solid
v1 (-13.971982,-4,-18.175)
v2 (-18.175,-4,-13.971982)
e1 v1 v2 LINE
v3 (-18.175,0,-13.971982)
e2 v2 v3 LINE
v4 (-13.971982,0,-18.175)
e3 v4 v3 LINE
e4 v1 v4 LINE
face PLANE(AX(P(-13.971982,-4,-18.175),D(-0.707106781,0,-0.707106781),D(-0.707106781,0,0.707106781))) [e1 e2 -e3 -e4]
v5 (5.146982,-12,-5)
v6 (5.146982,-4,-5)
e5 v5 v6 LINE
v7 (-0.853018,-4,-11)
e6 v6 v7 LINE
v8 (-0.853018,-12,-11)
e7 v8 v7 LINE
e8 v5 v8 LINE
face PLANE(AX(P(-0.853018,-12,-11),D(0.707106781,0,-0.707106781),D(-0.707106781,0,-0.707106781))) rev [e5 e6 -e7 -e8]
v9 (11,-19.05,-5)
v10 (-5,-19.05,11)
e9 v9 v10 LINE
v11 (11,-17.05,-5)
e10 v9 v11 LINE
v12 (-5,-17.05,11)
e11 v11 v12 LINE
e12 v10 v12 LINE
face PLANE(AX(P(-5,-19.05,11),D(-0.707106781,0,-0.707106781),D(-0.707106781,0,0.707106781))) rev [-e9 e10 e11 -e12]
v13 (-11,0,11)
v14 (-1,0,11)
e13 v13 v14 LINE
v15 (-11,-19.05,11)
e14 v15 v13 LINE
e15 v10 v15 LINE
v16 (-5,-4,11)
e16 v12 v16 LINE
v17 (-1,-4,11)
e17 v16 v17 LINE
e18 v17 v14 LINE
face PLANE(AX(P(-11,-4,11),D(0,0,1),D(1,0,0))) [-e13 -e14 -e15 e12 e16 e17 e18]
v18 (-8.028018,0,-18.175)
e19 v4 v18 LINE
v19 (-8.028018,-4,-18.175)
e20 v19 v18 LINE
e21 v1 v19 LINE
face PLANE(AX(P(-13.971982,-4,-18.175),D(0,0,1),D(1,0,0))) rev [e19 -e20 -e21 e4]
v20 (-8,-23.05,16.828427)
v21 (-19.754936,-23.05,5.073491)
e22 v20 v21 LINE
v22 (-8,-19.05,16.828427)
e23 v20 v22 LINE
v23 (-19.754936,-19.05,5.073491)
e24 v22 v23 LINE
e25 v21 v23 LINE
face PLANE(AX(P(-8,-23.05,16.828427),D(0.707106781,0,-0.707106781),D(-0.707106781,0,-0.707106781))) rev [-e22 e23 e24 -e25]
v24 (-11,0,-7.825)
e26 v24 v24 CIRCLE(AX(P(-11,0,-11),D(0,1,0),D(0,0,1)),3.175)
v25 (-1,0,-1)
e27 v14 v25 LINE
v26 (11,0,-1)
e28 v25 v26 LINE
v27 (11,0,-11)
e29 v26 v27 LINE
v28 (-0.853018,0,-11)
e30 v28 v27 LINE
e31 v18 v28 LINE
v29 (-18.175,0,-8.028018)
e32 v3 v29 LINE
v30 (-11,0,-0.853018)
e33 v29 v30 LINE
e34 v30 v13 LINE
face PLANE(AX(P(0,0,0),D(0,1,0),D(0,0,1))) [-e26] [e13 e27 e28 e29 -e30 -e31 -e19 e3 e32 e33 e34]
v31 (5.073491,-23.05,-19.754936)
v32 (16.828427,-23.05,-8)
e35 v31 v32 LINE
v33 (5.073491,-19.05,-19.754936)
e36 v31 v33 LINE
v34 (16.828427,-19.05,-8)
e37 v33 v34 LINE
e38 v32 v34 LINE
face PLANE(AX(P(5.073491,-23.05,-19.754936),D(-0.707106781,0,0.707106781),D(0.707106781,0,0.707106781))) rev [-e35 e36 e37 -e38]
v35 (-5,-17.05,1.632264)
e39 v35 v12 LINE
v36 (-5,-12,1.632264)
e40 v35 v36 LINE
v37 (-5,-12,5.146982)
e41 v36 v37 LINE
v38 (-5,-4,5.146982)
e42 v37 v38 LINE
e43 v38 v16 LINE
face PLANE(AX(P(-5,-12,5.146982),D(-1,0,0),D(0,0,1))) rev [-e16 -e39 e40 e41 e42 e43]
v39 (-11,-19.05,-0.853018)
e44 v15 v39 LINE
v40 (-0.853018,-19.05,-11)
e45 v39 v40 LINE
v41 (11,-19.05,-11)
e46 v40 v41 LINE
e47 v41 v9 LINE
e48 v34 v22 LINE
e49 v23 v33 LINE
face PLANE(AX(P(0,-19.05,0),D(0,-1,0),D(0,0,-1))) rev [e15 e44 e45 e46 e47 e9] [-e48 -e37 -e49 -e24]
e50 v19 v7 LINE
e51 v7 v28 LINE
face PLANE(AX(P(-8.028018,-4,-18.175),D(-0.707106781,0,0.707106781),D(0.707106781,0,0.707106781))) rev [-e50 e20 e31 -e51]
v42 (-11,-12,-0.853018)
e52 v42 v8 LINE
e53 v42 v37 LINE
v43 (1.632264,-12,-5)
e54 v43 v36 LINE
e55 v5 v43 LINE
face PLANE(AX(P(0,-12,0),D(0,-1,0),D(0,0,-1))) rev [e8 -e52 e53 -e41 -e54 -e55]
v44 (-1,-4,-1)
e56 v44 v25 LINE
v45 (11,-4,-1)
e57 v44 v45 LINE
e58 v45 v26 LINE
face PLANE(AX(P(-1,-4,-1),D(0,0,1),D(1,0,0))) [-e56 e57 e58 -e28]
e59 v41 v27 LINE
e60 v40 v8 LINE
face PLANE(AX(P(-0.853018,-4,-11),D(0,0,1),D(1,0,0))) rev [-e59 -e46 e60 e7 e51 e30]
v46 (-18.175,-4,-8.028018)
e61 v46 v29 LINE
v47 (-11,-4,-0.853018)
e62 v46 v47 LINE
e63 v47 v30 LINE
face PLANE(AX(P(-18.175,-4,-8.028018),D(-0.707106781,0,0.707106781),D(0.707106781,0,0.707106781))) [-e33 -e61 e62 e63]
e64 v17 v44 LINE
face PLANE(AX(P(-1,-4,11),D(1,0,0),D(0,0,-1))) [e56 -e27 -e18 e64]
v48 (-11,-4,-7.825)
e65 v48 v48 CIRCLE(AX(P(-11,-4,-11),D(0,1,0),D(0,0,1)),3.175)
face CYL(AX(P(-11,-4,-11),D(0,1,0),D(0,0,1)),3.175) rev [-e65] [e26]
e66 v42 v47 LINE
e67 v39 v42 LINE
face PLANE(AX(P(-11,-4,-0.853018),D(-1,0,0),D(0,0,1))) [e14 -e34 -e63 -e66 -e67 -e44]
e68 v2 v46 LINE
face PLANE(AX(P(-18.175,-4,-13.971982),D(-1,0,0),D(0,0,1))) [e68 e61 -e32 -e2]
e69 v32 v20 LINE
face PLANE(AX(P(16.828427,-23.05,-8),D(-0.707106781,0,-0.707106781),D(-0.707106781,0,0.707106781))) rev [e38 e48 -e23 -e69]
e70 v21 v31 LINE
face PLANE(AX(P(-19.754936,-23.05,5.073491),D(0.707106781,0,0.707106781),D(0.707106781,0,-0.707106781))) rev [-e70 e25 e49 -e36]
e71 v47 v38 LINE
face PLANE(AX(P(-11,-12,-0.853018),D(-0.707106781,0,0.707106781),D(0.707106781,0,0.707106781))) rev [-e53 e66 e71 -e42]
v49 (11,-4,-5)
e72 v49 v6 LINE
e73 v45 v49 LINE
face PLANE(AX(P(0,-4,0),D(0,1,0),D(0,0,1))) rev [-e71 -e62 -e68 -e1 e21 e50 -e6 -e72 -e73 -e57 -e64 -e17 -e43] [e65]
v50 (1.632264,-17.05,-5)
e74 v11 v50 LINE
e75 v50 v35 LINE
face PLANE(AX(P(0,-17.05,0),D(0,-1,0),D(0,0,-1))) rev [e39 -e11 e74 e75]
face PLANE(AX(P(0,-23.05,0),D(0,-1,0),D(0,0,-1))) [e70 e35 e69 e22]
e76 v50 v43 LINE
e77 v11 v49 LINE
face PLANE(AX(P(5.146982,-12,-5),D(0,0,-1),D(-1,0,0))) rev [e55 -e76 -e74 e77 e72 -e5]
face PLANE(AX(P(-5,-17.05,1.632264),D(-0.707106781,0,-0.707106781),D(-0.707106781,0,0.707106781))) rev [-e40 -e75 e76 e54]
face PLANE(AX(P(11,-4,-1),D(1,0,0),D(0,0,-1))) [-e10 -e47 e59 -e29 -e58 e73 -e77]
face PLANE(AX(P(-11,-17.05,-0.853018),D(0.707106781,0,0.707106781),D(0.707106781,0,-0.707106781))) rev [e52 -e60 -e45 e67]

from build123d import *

# Parameters (mm, degrees)
SKETCH1_R           = 3.175
BOSS_EXTRUDE1_DEPTH = 4
BOSS_EXTRUDE2_DEPTH = 8
BOSS_EXTRUDE3_DEPTH = 5.05
BOSS_EXTRUDE4_DEPTH = 2
BOSS_EXTRUDE5_DEPTH = 4


with BuildPart() as part:
    # Sketch1 → Boss-Extrude1 (new body)
    with BuildSketch(Plane(origin=(0, 0, 0), x_dir=(1, 0, 0), z_dir=(0, 1, 0))):
        Polygon((-11, -11), (-1, -11), (-1, 1), (11, 1), (11, 11), (-0.85301769, 11), (-8.02801769, 18.175), (-13.97198231, 18.175), (-18.175, 13.97198231), (-18.175, 8.02801769), (-11, 0.85301769), align=None)
        with Locations(Location((-11, 11, 0), (0, 0, 270))):
            Circle(SKETCH1_R, mode=Mode.SUBTRACT)
    extrude(amount=-BOSS_EXTRUDE1_DEPTH)

    # Sketch2 → Boss-Extrude2 (add)
    with BuildSketch(Plane.XZ.offset(4)):
        Polygon((-0.85301769, -11), (11, -11), (11, -5), (5.14698231, -5), align=None)
        Polygon((-11, -0.85301769), (-11, 11), (-5, 11), (-5, 5.14698231), align=None)
    extrude(amount=BOSS_EXTRUDE2_DEPTH)

    # Sketch3 → Boss-Extrude3 (add)
    with BuildSketch(Plane.XZ.offset(12)):
        Polygon((-0.85301769, -11), (11, -11), (11, -5), (5.14698231, -5), (1.632263684, -5), (-5, 1.632263684), (-5, 5.14698231), (-5, 11), (-11, 11), (-11, -0.85301769), align=None)
    extrude(amount=BOSS_EXTRUDE3_DEPTH)

    # Sketch4 → Boss-Extrude4 (add)
    with BuildSketch(Plane.XZ.offset(17.05)):
        Polygon((-5, 11), (-11, 11), (-11, -0.85301769), (-0.85301769, -11), (11, -11), (11, -5), align=None)
    extrude(amount=BOSS_EXTRUDE4_DEPTH)

    # Sketch5 → Boss-Extrude5 (add)
    with BuildSketch(Plane.XZ.offset(19.05)):
        Polygon((-19.75493597, 5.073491155), (5.073491155, -19.75493597), (16.828427125, -8), (-8, 16.828427125), align=None)
    extrude(amount=BOSS_EXTRUDE5_DEPTH)


solid = part.part
